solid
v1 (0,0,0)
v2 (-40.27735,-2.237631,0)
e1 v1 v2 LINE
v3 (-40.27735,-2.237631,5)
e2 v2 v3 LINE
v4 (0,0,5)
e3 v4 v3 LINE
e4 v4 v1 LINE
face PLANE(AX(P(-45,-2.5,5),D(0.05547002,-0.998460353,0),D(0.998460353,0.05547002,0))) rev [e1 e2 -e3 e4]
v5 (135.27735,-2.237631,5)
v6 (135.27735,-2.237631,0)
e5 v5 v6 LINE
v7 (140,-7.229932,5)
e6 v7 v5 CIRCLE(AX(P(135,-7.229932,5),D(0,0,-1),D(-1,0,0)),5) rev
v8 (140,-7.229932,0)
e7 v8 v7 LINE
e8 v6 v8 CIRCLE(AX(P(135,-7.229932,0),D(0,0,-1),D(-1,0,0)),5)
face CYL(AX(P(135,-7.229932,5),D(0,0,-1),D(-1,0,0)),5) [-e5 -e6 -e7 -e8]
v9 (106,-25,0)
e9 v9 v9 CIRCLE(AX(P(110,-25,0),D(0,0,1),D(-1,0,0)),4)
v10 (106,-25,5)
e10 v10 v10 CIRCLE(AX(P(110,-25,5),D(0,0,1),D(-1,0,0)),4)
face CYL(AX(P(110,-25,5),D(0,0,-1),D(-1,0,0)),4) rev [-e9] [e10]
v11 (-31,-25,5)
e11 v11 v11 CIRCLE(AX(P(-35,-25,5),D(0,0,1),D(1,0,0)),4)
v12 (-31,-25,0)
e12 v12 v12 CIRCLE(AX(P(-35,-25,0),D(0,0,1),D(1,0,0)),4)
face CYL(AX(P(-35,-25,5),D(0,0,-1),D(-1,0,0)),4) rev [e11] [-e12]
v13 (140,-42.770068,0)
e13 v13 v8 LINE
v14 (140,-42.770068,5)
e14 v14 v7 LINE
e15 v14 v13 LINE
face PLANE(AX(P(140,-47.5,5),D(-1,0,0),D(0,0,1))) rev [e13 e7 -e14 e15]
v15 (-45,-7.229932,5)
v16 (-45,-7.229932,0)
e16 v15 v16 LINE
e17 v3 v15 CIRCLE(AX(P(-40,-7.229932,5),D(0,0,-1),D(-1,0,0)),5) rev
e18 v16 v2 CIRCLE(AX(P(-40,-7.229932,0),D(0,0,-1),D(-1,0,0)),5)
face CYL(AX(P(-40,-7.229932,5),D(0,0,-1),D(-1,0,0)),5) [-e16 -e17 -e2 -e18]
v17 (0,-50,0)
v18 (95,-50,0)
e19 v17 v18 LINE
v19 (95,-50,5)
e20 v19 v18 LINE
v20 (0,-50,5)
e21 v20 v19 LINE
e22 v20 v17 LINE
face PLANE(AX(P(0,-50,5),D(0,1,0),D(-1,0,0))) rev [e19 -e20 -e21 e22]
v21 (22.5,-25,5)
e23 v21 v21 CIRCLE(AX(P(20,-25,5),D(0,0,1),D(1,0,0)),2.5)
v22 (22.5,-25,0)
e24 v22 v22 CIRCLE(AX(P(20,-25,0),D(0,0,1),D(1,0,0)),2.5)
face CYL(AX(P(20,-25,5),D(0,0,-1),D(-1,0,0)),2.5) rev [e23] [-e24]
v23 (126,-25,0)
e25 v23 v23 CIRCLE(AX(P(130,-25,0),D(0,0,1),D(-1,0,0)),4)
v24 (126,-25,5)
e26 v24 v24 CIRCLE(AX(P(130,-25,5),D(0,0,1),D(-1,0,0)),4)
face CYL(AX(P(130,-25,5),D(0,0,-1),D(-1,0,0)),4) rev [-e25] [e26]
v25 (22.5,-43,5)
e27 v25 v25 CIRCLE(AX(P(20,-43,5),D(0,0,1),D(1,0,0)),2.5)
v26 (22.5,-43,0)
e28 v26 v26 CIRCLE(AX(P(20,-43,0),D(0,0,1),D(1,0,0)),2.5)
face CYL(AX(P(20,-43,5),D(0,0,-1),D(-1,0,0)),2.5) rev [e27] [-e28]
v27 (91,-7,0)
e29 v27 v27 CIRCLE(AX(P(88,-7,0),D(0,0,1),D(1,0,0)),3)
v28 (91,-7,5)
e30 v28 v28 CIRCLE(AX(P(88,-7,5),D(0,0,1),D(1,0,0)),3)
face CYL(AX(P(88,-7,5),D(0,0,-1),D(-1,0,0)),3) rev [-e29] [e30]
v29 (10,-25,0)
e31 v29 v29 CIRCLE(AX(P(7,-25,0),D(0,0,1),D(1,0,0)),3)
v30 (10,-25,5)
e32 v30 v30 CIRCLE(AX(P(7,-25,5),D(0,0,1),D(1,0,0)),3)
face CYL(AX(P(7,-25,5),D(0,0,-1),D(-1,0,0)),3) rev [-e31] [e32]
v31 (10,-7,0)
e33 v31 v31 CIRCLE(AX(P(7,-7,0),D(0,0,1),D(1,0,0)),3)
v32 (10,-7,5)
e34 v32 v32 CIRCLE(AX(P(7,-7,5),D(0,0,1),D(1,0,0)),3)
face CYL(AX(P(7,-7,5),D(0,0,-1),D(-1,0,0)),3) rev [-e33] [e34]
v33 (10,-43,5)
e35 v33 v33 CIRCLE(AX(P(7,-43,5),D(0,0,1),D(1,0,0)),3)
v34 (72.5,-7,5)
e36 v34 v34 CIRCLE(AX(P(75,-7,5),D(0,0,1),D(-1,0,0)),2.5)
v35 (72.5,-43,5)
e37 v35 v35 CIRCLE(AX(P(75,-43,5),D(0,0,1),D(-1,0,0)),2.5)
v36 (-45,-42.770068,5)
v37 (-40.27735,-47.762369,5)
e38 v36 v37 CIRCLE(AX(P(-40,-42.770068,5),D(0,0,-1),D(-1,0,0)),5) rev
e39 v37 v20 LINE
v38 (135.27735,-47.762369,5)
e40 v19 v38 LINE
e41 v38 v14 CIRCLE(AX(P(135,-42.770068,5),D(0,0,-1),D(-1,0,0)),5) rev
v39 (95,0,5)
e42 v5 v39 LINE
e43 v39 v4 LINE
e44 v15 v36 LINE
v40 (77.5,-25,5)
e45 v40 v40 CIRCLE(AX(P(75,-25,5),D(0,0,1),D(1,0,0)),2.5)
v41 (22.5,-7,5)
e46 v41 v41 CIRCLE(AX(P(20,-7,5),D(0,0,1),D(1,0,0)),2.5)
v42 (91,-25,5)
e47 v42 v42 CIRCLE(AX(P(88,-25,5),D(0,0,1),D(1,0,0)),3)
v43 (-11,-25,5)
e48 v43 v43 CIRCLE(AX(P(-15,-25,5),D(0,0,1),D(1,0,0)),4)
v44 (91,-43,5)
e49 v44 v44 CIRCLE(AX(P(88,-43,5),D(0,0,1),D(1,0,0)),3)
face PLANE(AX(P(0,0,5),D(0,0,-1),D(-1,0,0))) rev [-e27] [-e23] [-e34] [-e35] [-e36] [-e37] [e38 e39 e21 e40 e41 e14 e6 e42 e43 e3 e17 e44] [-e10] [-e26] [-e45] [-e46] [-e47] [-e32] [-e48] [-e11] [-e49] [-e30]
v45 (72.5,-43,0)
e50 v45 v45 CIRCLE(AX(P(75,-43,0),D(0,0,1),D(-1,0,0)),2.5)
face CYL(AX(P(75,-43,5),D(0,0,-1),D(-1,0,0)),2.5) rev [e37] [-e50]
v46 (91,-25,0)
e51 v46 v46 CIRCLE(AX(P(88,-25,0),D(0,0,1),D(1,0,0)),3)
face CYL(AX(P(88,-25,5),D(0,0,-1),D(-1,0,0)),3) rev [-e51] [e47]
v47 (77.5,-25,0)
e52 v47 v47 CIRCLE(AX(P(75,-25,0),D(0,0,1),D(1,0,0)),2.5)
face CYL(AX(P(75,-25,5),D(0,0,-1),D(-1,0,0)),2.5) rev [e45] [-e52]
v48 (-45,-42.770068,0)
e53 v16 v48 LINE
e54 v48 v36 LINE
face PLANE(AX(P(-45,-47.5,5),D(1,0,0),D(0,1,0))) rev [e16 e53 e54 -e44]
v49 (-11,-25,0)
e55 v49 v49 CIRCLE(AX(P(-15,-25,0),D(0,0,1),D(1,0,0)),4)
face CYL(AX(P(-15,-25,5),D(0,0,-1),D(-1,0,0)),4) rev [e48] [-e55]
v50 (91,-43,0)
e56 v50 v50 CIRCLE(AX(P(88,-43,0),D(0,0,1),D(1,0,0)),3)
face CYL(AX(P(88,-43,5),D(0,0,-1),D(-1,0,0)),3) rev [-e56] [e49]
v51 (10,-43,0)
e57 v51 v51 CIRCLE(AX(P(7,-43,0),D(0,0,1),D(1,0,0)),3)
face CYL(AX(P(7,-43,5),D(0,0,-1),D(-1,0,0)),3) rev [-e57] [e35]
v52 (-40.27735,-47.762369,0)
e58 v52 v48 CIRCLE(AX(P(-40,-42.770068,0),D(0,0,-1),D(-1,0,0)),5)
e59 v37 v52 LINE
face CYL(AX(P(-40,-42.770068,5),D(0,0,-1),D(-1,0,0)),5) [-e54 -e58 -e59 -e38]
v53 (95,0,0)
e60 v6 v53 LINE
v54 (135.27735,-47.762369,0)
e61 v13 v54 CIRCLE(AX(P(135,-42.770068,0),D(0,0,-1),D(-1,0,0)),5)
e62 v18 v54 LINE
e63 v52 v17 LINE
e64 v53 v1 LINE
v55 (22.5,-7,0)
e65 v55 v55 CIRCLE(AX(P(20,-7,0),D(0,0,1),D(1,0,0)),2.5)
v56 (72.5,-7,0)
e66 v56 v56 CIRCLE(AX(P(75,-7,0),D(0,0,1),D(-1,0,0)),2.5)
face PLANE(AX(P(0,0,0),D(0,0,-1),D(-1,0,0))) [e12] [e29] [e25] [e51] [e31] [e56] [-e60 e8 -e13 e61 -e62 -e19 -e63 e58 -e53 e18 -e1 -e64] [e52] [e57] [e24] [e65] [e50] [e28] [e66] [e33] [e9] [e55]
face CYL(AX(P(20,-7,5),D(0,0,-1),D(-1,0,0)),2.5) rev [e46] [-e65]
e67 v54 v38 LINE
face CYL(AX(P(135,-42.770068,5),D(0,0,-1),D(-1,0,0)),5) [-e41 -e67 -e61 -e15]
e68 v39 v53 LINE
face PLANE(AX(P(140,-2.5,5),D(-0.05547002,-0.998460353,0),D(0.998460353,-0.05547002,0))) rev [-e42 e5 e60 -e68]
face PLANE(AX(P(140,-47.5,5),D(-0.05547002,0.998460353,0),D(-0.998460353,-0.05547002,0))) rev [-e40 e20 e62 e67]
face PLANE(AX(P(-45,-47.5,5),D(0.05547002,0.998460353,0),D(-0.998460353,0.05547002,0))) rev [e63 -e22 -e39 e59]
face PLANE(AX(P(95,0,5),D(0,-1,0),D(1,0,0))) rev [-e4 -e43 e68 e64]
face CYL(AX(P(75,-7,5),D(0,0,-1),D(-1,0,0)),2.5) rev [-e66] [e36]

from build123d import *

# Parameters (mm, degrees)
SKETCH1_R           = 4
SKETCH1_R_2         = 2.5
SKETCH1_R_3         = 3
BOSS_EXTRUDE1_DEPTH = 5
FILLET1_R           = 5


with BuildPart() as part:
    # Sketch1 → Boss-Extrude1 (new body)
    with BuildSketch(Plane.XY):
        Polygon((95, 0), (0, 0), (-45, -2.5), (-45, -47.5), (0, -50), (95, -50), (140, -47.5), (140, -2.5), align=None)
        with Locations((-35, -25)):
            Circle(SKETCH1_R, mode=Mode.SUBTRACT)
        with Locations((-15, -25)):
            Circle(SKETCH1_R, mode=Mode.SUBTRACT)
        with Locations((75, -43)):
            Circle(SKETCH1_R_2, mode=Mode.SUBTRACT)
        with Locations((75, -7)):
            Circle(SKETCH1_R_2, mode=Mode.SUBTRACT)
        with Locations((110, -25)):
            Circle(SKETCH1_R, mode=Mode.SUBTRACT)
        with Locations((130, -25)):
            Circle(SKETCH1_R, mode=Mode.SUBTRACT)
        with Locations((20, -25)):
            Circle(SKETCH1_R_2, mode=Mode.SUBTRACT)
        with Locations((75, -25)):
            Circle(SKETCH1_R_2, mode=Mode.SUBTRACT)
        with Locations((7, -25)):
            Circle(SKETCH1_R_3, mode=Mode.SUBTRACT)
        with Locations((88, -25)):
            Circle(SKETCH1_R_3, mode=Mode.SUBTRACT)
        with Locations((20, -7)):
            Circle(SKETCH1_R_2, mode=Mode.SUBTRACT)
        with Locations((20, -43)):
            Circle(SKETCH1_R_2, mode=Mode.SUBTRACT)
        with BuildLine():
            ThreePointArc((7, -40), (4, -43), (7, -46))
            ThreePointArc((7, -46), (10, -43), (7, -40))
        make_face(mode=Mode.SUBTRACT)
        with BuildLine():
            ThreePointArc((88, -46), (91, -43), (88, -40))
            ThreePointArc((88, -40), (85, -43), (88, -46))
        make_face(mode=Mode.SUBTRACT)
        with BuildLine():
            ThreePointArc((88, -10), (91, -7), (88, -4))
            ThreePointArc((88, -4), (85, -7), (88, -10))
        make_face(mode=Mode.SUBTRACT)
        with BuildLine():
            ThreePointArc((7, -10), (10, -7), (7, -4))
            ThreePointArc((7, -4), (4, -7), (7, -10))
        make_face(mode=Mode.SUBTRACT)
    extrude(amount=BOSS_EXTRUDE1_DEPTH)

    # Fillet1
    fillet1_edges = [part.edges().sort_by_distance(p)[0] for p in [
        (140, -2.5, 2.5),
        (140, -47.5, 2.5),
        (-45, -47.5, 2.5),
        (-45, -2.5, 2.5),
    ]]
    fillet(fillet1_edges, radius=FILLET1_R)


solid = part.part
